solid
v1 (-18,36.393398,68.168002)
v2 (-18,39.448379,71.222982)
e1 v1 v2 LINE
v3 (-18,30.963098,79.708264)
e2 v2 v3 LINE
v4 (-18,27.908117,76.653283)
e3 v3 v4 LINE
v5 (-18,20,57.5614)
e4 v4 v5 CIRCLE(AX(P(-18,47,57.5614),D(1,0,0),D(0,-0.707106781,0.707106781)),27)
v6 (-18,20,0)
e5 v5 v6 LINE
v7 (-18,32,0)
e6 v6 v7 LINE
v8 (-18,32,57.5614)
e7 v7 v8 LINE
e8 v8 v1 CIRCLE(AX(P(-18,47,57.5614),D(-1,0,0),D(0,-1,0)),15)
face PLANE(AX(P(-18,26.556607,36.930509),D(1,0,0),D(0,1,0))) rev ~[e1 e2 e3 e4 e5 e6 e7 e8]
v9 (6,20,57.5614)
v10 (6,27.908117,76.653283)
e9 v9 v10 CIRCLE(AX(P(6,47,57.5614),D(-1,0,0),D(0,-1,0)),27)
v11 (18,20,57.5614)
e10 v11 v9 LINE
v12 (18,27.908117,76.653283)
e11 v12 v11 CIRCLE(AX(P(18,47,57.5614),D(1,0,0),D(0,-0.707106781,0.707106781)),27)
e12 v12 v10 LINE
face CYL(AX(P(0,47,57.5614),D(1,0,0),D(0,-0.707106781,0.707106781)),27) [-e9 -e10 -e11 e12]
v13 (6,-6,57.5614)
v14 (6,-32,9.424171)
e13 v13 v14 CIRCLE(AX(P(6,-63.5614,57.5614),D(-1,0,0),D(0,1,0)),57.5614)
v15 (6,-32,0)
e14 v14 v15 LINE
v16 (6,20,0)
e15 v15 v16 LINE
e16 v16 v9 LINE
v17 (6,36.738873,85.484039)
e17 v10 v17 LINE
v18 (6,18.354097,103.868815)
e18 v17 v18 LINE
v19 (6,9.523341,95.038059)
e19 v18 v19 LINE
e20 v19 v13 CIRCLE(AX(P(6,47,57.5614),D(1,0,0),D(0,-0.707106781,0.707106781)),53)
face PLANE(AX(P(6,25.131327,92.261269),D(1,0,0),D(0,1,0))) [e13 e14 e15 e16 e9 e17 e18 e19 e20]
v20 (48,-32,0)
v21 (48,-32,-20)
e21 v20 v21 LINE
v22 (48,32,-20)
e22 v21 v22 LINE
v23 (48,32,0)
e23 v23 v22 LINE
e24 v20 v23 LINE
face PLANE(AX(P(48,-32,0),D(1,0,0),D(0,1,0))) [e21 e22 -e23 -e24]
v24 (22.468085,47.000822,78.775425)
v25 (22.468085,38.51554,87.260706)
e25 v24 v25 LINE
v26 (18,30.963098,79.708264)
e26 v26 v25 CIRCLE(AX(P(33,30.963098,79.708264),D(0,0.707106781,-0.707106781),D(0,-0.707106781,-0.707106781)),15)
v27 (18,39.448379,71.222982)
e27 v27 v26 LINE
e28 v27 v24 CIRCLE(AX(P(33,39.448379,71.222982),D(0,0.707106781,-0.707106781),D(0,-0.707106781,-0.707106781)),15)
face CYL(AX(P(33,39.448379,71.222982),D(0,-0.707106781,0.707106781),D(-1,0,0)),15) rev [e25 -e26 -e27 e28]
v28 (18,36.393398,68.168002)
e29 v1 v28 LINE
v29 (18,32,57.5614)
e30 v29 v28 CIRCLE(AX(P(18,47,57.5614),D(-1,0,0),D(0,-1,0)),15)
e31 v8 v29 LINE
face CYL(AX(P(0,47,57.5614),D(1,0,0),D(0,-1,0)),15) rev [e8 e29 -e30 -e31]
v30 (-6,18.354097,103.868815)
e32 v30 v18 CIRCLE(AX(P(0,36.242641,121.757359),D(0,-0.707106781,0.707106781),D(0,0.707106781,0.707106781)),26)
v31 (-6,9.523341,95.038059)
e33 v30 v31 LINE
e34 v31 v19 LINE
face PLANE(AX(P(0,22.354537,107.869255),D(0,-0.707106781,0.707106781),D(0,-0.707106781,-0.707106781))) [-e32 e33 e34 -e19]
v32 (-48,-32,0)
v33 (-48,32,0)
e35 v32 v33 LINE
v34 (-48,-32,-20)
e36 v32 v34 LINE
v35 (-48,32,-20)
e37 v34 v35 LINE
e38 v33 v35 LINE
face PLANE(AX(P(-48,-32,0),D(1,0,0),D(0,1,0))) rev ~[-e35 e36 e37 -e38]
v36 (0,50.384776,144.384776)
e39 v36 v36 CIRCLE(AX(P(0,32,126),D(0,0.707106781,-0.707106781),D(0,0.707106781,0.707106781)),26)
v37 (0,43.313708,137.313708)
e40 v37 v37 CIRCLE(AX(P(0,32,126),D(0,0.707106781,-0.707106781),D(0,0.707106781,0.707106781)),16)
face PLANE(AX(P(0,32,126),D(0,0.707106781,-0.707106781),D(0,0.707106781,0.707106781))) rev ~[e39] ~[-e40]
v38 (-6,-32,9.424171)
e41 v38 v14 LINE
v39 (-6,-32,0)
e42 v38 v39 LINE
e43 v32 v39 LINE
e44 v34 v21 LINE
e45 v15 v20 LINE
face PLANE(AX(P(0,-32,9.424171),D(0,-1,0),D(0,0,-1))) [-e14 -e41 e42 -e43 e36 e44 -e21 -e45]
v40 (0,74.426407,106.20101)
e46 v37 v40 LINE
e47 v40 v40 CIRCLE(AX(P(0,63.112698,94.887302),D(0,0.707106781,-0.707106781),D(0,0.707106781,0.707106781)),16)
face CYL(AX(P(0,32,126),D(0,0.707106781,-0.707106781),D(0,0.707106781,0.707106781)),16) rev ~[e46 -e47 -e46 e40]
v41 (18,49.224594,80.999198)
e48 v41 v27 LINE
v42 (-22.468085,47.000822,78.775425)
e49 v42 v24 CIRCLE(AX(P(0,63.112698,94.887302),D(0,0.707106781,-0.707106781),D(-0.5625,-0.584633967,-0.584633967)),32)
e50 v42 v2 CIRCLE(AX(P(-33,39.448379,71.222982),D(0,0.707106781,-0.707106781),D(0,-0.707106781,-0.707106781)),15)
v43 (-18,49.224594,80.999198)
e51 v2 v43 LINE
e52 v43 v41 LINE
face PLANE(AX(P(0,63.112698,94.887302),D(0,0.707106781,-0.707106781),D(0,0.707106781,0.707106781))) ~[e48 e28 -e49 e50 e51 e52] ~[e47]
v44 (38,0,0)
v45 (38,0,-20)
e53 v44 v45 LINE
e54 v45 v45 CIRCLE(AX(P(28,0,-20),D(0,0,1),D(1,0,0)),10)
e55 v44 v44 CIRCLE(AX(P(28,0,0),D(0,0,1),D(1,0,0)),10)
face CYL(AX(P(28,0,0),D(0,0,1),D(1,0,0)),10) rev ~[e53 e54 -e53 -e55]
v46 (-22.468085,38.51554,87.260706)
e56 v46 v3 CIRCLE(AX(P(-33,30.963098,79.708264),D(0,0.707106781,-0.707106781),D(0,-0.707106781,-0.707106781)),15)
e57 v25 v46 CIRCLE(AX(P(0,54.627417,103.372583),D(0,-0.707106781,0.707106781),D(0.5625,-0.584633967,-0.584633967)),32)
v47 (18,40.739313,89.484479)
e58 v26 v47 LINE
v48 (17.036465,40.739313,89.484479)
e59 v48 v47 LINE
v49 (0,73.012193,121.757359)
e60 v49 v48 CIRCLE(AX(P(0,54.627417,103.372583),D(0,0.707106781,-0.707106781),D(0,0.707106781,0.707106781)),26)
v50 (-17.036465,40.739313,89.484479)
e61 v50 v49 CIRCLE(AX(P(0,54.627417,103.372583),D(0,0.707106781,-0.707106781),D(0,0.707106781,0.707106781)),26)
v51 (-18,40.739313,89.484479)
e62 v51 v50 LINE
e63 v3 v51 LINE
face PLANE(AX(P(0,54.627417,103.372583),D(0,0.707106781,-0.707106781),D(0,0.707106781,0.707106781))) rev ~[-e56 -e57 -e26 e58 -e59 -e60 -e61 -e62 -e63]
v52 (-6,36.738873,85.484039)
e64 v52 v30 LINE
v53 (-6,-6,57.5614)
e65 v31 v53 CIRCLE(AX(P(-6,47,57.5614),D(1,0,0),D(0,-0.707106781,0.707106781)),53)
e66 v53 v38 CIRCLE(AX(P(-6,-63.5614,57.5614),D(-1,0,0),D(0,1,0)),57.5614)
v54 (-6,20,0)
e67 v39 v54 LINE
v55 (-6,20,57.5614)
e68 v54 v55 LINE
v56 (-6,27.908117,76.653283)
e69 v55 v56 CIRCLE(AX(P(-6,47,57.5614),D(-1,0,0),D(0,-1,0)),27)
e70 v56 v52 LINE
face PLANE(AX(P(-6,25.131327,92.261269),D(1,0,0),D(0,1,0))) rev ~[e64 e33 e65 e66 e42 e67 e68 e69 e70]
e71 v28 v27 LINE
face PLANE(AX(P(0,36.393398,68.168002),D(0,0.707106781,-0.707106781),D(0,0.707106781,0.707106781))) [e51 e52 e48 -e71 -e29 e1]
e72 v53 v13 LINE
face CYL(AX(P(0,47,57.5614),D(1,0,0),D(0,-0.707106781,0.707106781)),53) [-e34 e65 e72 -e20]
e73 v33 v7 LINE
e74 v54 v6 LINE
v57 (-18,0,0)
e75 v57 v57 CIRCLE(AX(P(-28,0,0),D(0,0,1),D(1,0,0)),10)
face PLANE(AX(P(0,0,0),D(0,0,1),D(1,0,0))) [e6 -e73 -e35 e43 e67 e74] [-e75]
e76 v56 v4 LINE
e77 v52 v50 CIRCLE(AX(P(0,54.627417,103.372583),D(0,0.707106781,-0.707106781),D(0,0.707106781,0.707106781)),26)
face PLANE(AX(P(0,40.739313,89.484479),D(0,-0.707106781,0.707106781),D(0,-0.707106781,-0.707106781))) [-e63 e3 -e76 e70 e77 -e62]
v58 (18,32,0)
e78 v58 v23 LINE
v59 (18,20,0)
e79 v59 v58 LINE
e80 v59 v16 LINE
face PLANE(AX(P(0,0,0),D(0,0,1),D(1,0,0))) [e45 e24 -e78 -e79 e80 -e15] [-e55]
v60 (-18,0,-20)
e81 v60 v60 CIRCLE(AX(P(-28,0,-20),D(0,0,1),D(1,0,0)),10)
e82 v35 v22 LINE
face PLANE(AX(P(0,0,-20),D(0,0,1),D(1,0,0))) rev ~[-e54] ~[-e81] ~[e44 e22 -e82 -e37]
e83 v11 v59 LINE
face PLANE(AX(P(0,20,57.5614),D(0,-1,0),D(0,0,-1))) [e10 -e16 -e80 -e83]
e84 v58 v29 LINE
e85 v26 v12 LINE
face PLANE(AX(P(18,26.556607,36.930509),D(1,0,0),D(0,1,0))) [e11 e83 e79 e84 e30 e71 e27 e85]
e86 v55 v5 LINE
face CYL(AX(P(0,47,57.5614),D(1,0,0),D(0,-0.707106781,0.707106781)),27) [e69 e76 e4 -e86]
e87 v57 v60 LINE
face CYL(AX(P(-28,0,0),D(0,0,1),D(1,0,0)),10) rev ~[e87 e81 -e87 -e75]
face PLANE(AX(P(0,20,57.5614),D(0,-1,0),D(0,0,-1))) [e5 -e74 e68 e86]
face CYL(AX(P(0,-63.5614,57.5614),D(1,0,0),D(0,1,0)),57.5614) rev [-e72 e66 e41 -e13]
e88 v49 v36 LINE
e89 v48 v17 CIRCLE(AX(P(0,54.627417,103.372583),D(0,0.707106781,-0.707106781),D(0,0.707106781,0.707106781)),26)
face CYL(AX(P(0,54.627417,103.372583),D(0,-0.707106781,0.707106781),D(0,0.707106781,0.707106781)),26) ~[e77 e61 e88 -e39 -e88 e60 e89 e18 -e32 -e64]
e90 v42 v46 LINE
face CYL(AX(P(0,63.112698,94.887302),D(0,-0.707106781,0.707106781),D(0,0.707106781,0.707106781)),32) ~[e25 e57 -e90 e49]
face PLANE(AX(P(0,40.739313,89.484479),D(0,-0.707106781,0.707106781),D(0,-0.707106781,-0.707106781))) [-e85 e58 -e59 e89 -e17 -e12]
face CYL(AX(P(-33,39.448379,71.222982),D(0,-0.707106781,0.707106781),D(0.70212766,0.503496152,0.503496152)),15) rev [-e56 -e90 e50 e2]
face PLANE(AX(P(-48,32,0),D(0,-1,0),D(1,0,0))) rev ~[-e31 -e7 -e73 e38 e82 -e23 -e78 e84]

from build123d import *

# Parameters (mm, degrees)
F0_W     = 96
F0_H     = 64
F0_R     = 10
F1_DEPTH = 20
F5_DEPTH = 6
F6_DEPTH = 18
F8_R     = 15


with BuildPart() as f1:
    # F0 (on Top) → F1 (new body)
    with BuildSketch(Plane.XY):
        Rectangle(F0_W, F0_H)
        with Locations((-28, 0)):
            Circle(F0_R, mode=Mode.SUBTRACT)
        with Locations((28, 0)):
            Circle(F0_R, mode=Mode.SUBTRACT)
    extrude(amount=-F1_DEPTH)


with BuildPart() as f3:
    # F2 (on Right) → F3 (revolve)
    with BuildSketch(Plane.YZ):
        Polygon((50.3847763109, 144.3847763109), (43.313708499, 137.313708499), (65.941125497, 114.686291501), (73.0121933088, 121.7573593129), align=None)
        Polygon((73.0121933088, 121.7573593129), (65.941125497, 114.686291501), (74.4264068712, 106.2010101268), (85.7401153702, 117.5147186258), (77.2548339959, 126), align=None)
    revolve(axis=Axis((0, 47.5563491861, 110.4436508139), (0, 0.7071067812, -0.7071067812)))


with BuildPart() as f5:
    # F4 (on Right) → F5 (new body, symmetric)
    with BuildSketch(Plane.YZ):
        Polygon((9.5233405971, 95.0380592229), (27.908116908, 76.653282912), (40.7393130211, 89.4844790252), (22.3545367103, 107.869255336), align=None)
        with BuildLine():
            Line((-32, 0), (20, 0))
            Line((20, 0), (20, 57.56139982))
            ThreePointArc((20, 57.56139982), (22.0552526222, 67.8938524938), (27.908116908, 76.653282912))
            Line((27.908116908, 76.653282912), (9.5233405971, 95.0380592229))
            ThreePointArc((9.5233405971, 95.0380592229), (-1.9656152231, 77.8436217353), (-6, 57.56139982))
            ThreePointArc((-6, 57.56139982), (-12.9154073667, 30.2063601077), (-32, 9.4241710813))
            Line((-32, 9.4241710813), (-32, 0))
        make_face()
    extrude(amount=F5_DEPTH, both=True)


with BuildPart() as f6:
    # F4 (on Right) → F6 (new body, symmetric)
    with BuildSketch(Plane.YZ):
        with BuildLine():
            Line((20, 0), (32, 0))
            Line((32, 0), (32, 57.56139982))
            ThreePointArc((32, 57.56139982), (33.1418070123, 63.3016513055), (36.3933982822, 68.1680015378))
            Line((36.3933982822, 68.1680015378), (27.908116908, 76.653282912))
            ThreePointArc((27.908116908, 76.653282912), (22.0552526222, 67.8938524938), (20, 57.56139982))
            Line((20, 57.56139982), (20, 0))
        make_face()
        Polygon((27.908116908, 76.653282912), (36.3933982822, 68.1680015378), (49.2245943954, 80.9991976509), (40.7393130211, 89.4844790252), align=None)
    extrude(amount=F6_DEPTH, both=True)

    # F7: union F1, F3, F5
    add(f1.part)
    add(f3.part)
    add(f5.part)

    # F8
    f8_edges = [f6.edges().sort_by_distance(p)[0] for p in [
        (18, 40.161771, 80.421655),
        (-18, 40.161771, 80.421655),
    ]]
    fillet(f8_edges, radius=F8_R)


solid = f6.part
